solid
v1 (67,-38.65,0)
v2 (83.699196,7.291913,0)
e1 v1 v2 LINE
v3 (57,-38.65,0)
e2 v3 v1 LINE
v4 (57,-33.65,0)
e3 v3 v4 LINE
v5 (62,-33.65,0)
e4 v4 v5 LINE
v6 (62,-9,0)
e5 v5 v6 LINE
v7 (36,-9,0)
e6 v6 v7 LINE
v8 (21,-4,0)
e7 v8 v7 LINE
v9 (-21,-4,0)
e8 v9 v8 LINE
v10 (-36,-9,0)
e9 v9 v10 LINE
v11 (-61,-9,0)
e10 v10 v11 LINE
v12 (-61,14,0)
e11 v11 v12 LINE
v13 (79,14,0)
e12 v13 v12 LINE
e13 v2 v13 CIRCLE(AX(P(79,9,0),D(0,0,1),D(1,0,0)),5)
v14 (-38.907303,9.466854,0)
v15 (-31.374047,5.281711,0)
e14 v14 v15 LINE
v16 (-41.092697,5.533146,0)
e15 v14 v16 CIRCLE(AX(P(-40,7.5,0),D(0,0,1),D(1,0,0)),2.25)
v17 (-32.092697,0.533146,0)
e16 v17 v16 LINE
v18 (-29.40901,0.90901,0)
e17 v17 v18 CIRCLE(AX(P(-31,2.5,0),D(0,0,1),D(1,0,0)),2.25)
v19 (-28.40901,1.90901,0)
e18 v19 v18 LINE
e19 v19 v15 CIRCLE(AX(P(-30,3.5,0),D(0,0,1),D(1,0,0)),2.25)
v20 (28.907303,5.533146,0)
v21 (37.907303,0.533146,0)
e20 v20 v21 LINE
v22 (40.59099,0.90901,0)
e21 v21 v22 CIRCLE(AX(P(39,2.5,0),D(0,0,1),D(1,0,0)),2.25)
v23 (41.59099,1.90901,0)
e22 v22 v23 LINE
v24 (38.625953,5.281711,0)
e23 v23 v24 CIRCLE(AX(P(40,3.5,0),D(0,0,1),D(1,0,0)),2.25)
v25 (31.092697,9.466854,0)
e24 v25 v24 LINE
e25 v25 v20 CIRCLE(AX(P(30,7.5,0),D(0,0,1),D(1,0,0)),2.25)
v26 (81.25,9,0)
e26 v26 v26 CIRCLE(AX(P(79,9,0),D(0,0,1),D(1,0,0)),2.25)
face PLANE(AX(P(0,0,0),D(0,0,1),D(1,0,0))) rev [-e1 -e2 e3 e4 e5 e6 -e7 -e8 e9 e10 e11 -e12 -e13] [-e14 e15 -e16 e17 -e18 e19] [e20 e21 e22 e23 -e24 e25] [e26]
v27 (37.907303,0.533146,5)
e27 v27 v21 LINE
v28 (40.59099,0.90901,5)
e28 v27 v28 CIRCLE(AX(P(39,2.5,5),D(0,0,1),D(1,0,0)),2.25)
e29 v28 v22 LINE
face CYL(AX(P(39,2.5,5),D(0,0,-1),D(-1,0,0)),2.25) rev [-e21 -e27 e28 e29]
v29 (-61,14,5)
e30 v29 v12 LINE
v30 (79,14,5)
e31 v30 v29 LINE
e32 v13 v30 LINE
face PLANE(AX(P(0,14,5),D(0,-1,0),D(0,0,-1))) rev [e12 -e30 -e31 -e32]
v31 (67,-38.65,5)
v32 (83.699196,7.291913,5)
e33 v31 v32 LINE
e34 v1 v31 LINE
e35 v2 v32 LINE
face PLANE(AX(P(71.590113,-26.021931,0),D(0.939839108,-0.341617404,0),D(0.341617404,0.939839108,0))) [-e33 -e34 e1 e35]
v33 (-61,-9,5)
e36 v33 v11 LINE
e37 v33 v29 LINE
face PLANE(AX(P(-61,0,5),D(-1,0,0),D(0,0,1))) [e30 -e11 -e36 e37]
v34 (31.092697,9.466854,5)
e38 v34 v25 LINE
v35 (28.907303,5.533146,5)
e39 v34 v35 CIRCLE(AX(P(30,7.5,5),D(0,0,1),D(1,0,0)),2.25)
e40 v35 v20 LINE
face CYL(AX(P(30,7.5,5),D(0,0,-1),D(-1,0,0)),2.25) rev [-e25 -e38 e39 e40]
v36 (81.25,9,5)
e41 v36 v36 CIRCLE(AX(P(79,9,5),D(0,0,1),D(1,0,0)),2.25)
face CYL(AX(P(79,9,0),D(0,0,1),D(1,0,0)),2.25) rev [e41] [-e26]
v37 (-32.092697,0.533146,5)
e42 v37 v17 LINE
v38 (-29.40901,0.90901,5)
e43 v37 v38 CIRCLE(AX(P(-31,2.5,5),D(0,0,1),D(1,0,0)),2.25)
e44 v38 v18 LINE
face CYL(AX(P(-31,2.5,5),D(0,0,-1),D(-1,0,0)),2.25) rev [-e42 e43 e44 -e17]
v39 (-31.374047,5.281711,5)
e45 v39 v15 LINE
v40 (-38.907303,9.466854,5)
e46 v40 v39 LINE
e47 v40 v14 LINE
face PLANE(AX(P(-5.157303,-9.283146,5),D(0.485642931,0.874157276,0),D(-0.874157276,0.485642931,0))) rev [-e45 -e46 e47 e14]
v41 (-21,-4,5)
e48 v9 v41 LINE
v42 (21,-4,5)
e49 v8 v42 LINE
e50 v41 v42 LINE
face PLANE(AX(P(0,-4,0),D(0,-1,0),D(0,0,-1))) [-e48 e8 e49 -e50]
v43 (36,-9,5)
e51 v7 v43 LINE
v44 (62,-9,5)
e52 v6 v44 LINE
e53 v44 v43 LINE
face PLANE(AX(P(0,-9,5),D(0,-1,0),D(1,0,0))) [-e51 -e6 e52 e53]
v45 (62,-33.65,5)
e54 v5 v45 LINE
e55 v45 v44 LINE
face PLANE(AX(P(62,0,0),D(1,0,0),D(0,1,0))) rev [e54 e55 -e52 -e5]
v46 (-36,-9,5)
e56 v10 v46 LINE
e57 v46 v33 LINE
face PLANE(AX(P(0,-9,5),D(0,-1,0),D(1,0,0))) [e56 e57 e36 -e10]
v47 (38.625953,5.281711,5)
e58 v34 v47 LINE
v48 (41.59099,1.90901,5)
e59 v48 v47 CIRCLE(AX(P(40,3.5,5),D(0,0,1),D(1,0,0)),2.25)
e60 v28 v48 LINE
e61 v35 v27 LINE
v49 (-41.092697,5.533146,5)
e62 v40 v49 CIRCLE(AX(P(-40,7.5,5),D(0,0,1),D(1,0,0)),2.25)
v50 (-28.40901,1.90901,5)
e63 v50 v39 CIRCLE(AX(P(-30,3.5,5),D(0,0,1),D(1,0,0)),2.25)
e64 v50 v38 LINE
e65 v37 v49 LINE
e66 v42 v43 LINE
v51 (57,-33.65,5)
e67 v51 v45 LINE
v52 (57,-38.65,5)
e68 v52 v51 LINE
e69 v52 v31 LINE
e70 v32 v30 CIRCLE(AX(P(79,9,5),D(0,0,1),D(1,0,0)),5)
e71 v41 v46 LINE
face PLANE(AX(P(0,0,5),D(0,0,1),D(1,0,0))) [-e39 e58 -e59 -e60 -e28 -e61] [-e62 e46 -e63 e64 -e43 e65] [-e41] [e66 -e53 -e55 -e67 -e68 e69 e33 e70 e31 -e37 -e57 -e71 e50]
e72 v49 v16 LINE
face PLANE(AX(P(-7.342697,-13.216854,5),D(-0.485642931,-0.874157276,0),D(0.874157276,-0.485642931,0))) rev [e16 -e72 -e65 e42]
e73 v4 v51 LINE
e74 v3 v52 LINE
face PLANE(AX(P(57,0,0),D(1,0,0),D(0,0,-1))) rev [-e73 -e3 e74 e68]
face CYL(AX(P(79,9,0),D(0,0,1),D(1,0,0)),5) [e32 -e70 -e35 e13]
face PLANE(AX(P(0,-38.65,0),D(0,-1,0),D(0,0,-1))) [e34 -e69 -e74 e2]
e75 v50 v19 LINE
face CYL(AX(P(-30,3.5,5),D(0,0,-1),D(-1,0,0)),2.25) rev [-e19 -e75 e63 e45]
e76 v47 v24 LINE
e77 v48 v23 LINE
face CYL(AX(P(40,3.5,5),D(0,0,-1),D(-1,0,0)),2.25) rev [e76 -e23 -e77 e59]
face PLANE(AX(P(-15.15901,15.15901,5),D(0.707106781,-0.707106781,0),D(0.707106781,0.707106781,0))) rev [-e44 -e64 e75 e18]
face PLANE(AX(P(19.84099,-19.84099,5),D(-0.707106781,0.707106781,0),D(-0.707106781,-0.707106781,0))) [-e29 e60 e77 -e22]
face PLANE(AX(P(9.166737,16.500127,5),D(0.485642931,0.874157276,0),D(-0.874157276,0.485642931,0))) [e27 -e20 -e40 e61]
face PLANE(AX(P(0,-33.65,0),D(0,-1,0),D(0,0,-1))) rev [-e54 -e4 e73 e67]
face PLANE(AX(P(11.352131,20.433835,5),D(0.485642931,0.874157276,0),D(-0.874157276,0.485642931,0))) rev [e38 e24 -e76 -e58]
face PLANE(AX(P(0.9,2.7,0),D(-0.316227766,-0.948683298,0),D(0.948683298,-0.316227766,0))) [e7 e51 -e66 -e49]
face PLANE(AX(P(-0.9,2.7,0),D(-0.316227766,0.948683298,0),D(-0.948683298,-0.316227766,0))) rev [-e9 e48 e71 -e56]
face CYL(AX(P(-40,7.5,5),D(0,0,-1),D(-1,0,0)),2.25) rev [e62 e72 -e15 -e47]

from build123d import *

# Parameters (mm, degrees)
SKETCH1_W           = 16
SKETCH1_H           = 5
BOSS_EXTRUDE1_DEPTH = 5
SKETCH2_W           = 42
SKETCH2_H           = 5
CUT_EXTRUDE1_DEPTH  = 5
SKETCH3_R           = 5
SKETCH3_R_2         = 2.25
BOSS_EXTRUDE2_DEPTH = 5


with BuildPart() as part:
    # Sketch1 → Boss-Extrude1 (new body)
    with BuildSketch(Plane.XY):
        with BuildLine():
            Line((-41.677050983, 9), (-45, 9))
            Line((-45, 9), (-61, 9))
            Line((-61, 9), (-61, -9))
            Line((-61, -9), (61, -9))
            Line((61, -9), (61, 9))
            Line((61, 9), (45, 9))
            Line((45, 9), (31.933033563, 9))
            Line((31.933033563, 9), (38.62595316, 5.281711335))
            ThreePointArc((38.62595316, 5.281711335), (40.992696986, 5.519171289), (42.25, 3.5))
            ThreePointArc((42.25, 3.5), (42.078728948, 2.638962277), (41.590990258, 1.909009742))
            Line((41.590990258, 1.909009742), (40.590990258, 0.909009742))
            ThreePointArc((40.590990258, 0.909009742), (39.312077727, 0.271747884), (37.907303405, 0.533146129))
            Line((37.907303405, 0.533146129), (28.907303405, 5.533146129))
            ThreePointArc((28.907303405, 5.533146129), (27.781296696, 7.126027211), (28.322949017, 9))
            Line((28.322949017, 9), (-38.066966437, 9))
            Line((-38.066966437, 9), (-31.37404684, 5.281711335))
            ThreePointArc((-31.37404684, 5.281711335), (-29.007303014, 5.519171289), (-27.75, 3.5))
            ThreePointArc((-27.75, 3.5), (-27.921271052, 2.638962277), (-28.409009742, 1.909009742))
            Line((-28.409009742, 1.909009742), (-29.409009742, 0.909009742))
            ThreePointArc((-29.409009742, 0.909009742), (-30.687922273, 0.271747884), (-32.092696595, 0.533146129))
            Line((-32.092696595, 0.533146129), (-41.092696595, 5.533146129))
            ThreePointArc((-41.092696595, 5.533146129), (-42.218703304, 7.126027211), (-41.677050983, 9))
        make_face()
        with BuildLine():
            Line((45, 14), (-45, 14))
            Line((-45, 14), (-45, 9))
            Line((-45, 9), (-41.677050983, 9))
            ThreePointArc((-41.677050983, 9), (-40.373972789, 9.718703304), (-38.907303405, 9.466853871))
            Line((-38.907303405, 9.466853871), (-38.066966437, 9))
            Line((-38.066966437, 9), (28.322949017, 9))
            ThreePointArc((28.322949017, 9), (29.626027211, 9.718703304), (31.092696595, 9.466853871))
            Line((31.092696595, 9.466853871), (31.933033563, 9))
            Line((31.933033563, 9), (45, 9))
            Line((45, 9), (45, 14))
        make_face()
        with Locations((-53, 11.5)):
            Rectangle(SKETCH1_W, SKETCH1_H)
        with Locations((53, 11.5)):
            Rectangle(SKETCH1_W, SKETCH1_H)
    extrude(amount=BOSS_EXTRUDE1_DEPTH)

    # Sketch2 → Cut-Extrude1 (cut)
    with BuildSketch(Plane.XY.offset(5)):
        Polygon((-36, -9), (-21, -9), (-21, -4), align=None)
        with Locations((0, -6.5)):
            Rectangle(SKETCH2_W, SKETCH2_H)
        Polygon((21, -4), (21, -9), (36, -9), align=None)
    extrude(amount=-CUT_EXTRUDE1_DEPTH, mode=Mode.SUBTRACT)

    # Sketch3 → Boss-Extrude2 (add)
    # profile 1 of 2: a face of its own
    with BuildSketch(Plane.XY.offset(5)):
        with Locations((79, 9)):
            Circle(SKETCH3_R)
        with Locations((79, 9)):
            Circle(SKETCH3_R_2, mode=Mode.SUBTRACT)
    # profile 2 of 2: a face of its own
    with BuildSketch(Plane.XY.offset(5)):
        with BuildLine():
            Line((79, 14), (61, 14))
            Line((61, 14), (61, -9))
            Line((61, -9), (62, -9))
            Line((62, -9), (62, -33.65))
            Line((62, -33.65), (57, -33.65))
            Line((57, -33.65), (57, -38.65))
            Line((57, -38.65), (67, -38.65))
            Line((67, -38.65), (83.699195541, 7.29191298))
            ThreePointArc((83.699195541, 7.29191298), (74.904854392, 6.131240259), (79, 14))
        make_face()
    extrude(amount=-BOSS_EXTRUDE2_DEPTH)


solid = part.part
